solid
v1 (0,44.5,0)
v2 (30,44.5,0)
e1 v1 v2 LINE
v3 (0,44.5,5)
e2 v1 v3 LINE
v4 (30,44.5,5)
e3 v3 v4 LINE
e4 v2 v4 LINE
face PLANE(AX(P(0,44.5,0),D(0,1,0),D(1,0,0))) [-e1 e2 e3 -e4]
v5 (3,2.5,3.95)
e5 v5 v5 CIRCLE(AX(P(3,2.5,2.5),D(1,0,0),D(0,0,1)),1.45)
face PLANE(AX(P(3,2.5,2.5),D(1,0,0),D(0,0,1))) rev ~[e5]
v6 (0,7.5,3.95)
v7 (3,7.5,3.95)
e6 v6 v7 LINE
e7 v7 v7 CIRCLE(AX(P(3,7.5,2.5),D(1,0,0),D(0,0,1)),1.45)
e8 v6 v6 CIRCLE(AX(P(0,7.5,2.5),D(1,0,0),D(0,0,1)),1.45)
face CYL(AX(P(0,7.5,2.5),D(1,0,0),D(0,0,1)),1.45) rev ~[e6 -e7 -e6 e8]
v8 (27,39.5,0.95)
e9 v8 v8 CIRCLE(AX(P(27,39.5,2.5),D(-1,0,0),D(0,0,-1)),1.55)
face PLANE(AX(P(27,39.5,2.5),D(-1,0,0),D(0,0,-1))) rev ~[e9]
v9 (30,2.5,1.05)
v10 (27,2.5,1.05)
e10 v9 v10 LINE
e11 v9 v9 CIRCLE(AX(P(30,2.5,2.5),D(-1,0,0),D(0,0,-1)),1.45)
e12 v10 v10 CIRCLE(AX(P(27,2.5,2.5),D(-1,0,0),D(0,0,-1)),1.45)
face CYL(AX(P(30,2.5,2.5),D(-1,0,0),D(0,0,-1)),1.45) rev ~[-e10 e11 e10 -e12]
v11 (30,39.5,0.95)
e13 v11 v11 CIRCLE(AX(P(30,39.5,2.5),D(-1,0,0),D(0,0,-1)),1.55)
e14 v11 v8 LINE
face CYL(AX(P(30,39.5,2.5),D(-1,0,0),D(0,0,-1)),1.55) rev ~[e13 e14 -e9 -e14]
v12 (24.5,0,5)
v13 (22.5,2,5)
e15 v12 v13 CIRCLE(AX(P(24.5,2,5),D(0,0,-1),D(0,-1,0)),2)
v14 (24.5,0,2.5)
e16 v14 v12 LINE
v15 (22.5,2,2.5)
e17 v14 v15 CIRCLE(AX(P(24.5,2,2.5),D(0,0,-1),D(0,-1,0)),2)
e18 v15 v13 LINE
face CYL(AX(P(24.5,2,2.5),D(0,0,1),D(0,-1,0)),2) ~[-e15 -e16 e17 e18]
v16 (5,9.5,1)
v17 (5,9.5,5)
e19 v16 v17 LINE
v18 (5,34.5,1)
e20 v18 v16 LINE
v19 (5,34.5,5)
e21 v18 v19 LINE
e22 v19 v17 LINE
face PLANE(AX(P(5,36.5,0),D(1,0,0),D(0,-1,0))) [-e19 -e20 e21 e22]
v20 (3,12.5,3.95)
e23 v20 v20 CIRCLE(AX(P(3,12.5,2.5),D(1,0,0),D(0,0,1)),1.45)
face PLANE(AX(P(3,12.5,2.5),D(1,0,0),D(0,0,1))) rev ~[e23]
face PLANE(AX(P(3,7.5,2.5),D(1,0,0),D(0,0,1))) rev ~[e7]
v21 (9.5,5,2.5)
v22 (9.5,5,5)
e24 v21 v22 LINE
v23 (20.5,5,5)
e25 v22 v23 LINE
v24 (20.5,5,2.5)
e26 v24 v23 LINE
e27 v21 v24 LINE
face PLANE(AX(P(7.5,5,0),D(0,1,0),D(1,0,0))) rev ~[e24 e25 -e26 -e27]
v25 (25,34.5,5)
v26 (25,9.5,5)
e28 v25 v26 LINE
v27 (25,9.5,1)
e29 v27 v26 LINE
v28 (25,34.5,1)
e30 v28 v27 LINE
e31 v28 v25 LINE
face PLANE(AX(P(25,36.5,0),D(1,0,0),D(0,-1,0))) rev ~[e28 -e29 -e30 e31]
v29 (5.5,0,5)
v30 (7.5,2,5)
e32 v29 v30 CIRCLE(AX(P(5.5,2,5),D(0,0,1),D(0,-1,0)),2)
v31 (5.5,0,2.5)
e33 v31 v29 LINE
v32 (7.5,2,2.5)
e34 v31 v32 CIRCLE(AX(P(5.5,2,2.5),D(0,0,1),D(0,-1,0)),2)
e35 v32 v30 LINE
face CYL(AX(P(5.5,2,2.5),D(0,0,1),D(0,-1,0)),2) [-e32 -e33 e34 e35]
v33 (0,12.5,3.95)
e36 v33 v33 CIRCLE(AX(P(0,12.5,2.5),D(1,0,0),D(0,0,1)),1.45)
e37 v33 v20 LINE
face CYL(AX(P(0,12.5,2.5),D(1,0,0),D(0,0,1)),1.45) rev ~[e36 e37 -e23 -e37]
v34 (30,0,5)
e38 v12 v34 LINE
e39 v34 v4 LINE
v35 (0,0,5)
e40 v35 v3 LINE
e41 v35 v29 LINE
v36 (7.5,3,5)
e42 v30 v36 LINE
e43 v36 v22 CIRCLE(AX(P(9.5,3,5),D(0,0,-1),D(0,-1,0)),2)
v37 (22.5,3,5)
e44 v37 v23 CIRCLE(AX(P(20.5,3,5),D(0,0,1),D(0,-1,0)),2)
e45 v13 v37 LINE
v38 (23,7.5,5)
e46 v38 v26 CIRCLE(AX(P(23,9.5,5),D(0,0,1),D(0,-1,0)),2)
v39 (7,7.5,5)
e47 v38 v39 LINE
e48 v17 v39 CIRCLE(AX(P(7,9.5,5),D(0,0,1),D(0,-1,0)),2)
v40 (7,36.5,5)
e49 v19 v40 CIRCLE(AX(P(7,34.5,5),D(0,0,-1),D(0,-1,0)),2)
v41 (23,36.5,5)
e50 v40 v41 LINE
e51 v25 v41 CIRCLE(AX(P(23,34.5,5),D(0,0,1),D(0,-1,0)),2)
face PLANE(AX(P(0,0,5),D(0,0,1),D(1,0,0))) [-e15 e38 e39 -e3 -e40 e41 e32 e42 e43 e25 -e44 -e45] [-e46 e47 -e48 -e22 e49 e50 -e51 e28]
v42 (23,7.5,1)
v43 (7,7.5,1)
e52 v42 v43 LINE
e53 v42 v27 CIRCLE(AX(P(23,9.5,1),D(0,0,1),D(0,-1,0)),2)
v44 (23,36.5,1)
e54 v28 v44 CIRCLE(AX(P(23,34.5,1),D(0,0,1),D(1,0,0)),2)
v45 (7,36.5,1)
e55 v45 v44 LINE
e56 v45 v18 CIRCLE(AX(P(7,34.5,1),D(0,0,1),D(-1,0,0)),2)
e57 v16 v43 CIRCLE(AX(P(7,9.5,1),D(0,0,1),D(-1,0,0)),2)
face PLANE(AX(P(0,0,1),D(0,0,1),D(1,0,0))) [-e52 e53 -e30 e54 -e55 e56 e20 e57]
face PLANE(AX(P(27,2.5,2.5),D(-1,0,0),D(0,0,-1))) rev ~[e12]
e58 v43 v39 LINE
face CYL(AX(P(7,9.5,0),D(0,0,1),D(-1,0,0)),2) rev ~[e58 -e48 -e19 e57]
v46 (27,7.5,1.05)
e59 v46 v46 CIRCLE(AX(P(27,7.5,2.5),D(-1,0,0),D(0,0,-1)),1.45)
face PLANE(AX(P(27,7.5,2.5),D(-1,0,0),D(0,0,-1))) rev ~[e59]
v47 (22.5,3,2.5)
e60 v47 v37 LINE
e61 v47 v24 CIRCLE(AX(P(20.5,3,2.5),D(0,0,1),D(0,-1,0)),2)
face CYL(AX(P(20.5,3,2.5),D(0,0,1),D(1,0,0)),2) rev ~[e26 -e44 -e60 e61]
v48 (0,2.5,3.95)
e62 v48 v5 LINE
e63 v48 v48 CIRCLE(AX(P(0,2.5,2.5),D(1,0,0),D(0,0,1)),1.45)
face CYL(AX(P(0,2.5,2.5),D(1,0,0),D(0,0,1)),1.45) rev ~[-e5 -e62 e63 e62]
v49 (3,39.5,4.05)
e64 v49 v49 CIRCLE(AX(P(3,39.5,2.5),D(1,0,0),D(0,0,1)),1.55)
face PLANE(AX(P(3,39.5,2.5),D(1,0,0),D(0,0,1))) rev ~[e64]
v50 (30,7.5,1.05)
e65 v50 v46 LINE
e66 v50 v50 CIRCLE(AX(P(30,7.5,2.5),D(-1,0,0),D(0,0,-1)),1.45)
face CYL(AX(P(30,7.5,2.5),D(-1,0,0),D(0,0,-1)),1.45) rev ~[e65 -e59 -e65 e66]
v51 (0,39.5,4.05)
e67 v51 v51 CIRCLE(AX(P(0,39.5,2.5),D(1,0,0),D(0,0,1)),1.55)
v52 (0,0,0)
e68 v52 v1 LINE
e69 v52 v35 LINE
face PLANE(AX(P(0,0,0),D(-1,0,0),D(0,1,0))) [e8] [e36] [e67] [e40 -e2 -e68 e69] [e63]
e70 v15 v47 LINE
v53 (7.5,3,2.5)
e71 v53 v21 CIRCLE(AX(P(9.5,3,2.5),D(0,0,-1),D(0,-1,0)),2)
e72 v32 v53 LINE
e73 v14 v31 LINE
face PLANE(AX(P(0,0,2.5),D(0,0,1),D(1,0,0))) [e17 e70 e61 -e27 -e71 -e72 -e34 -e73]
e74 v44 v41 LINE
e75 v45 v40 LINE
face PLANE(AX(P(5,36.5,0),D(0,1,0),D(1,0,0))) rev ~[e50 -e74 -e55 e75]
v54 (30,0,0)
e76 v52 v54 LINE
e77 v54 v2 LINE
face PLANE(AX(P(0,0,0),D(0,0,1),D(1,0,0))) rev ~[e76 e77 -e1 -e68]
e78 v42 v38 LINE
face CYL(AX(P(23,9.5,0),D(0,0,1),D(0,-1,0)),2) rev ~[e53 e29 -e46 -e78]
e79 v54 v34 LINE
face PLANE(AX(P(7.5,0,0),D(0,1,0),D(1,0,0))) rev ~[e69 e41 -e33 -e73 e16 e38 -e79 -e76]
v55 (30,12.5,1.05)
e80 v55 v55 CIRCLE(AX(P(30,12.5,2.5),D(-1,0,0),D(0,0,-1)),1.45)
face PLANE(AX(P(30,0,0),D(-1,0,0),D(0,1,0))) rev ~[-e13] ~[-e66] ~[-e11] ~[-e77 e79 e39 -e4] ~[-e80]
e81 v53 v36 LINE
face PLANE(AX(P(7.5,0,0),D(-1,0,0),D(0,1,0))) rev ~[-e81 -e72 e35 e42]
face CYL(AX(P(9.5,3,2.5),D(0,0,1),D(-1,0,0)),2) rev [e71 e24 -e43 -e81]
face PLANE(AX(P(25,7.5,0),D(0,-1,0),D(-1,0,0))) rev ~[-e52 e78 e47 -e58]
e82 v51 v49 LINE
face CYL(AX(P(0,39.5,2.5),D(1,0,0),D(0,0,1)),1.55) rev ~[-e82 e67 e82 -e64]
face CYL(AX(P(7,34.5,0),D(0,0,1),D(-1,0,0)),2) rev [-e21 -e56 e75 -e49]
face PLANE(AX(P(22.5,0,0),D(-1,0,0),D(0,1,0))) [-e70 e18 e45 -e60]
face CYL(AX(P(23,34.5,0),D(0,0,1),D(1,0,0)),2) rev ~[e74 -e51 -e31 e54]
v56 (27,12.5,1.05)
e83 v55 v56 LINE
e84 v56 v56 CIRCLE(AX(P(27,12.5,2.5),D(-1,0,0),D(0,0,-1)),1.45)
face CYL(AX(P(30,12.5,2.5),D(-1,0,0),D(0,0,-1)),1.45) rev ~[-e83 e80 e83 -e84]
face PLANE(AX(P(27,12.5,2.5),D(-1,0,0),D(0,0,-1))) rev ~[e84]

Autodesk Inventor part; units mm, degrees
ref_plane "YZ Plane" through (0, 0, 0) normal (1, 0, 0) x (0, 1, 0)
ref_plane "XZ Plane" through (0, 0, 0) normal (0, 1, 0) x (-1, 0, 0)
ref_plane "XY Plane" through (0, 0, 0) normal (0, 0, 1) x (1, 0, 0)
sketch "スケッチ1" plane through (0, 0, 0) normal (0, 0, 1) x (1, 0, 0)
  line L0 (0, 44.5) -> (30, 44.5)
  line L1 (0, 0) -> (30, 0)
  line L2 (0, 0) -> (0, 44.5)
  line L3 (30, 0) -> (30, 44.5)
  line L4 (7.5, 0) -> (7.5, 5)
  line L5 (7.5, 5) -> (22.5, 5)
  line L6 (15, 0) -> (15, 44.5) construction
  line L7 (22.5, 0) -> (22.5, 5)
  line L8 (5, 36.5) -> (25, 36.5)
  line L9 (25, 36.5) -> (25, 7.5)
  line L10 (25, 7.5) -> (5, 7.5)
  line L11 (5, 36.5) -> (5, 7.5)
  point P0 (22.5, 0)
  dimension "d2" = 30
  dimension "d38" = 44.5
  dimension "d61" = 15
  dimension "d62" = 5
  dimension "d66" = 5
  dimension "d67" = 8
  dimension "d68" = 2.5
extrude "押し出し1" add sketch "スケッチ1" along normal blind 5 contours L0 L3 L1 L7 L5 L4 L2
sketch "スケッチ4" plane through (30, 0, 0) normal (1, 0, 0) x (0, 0, -1)
  line L0 (0, 44.5) -> (-5, 44.5) projected
  line L1 (-2.5, 44.5) -> (-2.5, 0) construction
  line L2 (0, 0) -> (-5, 0) projected
  point P0 (0, 0)
  point P1 (-2.5, 39.5)
  point P2 (-2.5, 2.5)
  point P3 (-2.5, 7.5)
  point P4 (-2.5, 12.5)
  dimension "d22" = 5
  dimension "d40" = 2.5
  dimension "d41" = 5
  dimension "d42" = 5
  dimension "d60" = 27
hole "穴1" at (30, 39.5, 2.5) direction (-1, 0, 0) diameter 3.1 depth 3
sketch "スケッチ5" plane through (0, 0, 0) normal (-1, 0, 0) x (0, 0, 1)
  circle A0 centre (2.5, 39.5) radius 1.55 projected
  line L0 (0, 0) -> (5, 0) projected
  line L1 (2.5, 0) -> (2.5, 44.5) construction
  line L2 (0, 44.5) -> (5, 44.5) projected
  point P0 (2.5, 2.5)
  point P1 (2.5, 7.5)
  point P2 (2.5, 12.5)
  point P3 (4.05, 32)
  point P4 (0.95, 32)
  dimension "d50" = 2.5
  dimension "d51" = 5
  dimension "d52" = 5
hole "穴2" at (0, 39.5, 2.5) direction (1, 0, 0) diameter 3.1 depth 3
hole "穴5" at (30, 2.5, 2.5) at (30, 12.5, 2.5) at (30, 7.5, 2.5) direction (-1, 0, 0) diameter 2.9 depth 3
hole "穴6" at (0, 2.5, 2.5) at (0, 7.5, 2.5) at (0, 12.5, 2.5) direction (1, 0, 0) diameter 2.9 depth 3
extrude "押し出し2" add sketch "スケッチ1" along normal blind 2.5 contours L4 L5 L7 L1
fillet "フィレット3" radius 2 8 edges at (7.5, 5, 3.75) (7.5, 0, 3.75) (22.5, 5, 3.75) (22.5, 0, 3.75) (5, 36.5, 2.5) (25, 36.5, 2.5) (5, 7.5, 2.5) (25, 7.5, 2.5)
extrude "押し出し3" add sketch "スケッチ1" along normal blind 1 contours L8 L9 L10 L11
equation "\"d41\" = d42"
equation "\"d50\" = d40"
equation "\"d51\" = d41"
equation "\"d52\" = d42"
properties part number "Cockpit_vertical_frame_07" material "アセタール樹脂、黒"
